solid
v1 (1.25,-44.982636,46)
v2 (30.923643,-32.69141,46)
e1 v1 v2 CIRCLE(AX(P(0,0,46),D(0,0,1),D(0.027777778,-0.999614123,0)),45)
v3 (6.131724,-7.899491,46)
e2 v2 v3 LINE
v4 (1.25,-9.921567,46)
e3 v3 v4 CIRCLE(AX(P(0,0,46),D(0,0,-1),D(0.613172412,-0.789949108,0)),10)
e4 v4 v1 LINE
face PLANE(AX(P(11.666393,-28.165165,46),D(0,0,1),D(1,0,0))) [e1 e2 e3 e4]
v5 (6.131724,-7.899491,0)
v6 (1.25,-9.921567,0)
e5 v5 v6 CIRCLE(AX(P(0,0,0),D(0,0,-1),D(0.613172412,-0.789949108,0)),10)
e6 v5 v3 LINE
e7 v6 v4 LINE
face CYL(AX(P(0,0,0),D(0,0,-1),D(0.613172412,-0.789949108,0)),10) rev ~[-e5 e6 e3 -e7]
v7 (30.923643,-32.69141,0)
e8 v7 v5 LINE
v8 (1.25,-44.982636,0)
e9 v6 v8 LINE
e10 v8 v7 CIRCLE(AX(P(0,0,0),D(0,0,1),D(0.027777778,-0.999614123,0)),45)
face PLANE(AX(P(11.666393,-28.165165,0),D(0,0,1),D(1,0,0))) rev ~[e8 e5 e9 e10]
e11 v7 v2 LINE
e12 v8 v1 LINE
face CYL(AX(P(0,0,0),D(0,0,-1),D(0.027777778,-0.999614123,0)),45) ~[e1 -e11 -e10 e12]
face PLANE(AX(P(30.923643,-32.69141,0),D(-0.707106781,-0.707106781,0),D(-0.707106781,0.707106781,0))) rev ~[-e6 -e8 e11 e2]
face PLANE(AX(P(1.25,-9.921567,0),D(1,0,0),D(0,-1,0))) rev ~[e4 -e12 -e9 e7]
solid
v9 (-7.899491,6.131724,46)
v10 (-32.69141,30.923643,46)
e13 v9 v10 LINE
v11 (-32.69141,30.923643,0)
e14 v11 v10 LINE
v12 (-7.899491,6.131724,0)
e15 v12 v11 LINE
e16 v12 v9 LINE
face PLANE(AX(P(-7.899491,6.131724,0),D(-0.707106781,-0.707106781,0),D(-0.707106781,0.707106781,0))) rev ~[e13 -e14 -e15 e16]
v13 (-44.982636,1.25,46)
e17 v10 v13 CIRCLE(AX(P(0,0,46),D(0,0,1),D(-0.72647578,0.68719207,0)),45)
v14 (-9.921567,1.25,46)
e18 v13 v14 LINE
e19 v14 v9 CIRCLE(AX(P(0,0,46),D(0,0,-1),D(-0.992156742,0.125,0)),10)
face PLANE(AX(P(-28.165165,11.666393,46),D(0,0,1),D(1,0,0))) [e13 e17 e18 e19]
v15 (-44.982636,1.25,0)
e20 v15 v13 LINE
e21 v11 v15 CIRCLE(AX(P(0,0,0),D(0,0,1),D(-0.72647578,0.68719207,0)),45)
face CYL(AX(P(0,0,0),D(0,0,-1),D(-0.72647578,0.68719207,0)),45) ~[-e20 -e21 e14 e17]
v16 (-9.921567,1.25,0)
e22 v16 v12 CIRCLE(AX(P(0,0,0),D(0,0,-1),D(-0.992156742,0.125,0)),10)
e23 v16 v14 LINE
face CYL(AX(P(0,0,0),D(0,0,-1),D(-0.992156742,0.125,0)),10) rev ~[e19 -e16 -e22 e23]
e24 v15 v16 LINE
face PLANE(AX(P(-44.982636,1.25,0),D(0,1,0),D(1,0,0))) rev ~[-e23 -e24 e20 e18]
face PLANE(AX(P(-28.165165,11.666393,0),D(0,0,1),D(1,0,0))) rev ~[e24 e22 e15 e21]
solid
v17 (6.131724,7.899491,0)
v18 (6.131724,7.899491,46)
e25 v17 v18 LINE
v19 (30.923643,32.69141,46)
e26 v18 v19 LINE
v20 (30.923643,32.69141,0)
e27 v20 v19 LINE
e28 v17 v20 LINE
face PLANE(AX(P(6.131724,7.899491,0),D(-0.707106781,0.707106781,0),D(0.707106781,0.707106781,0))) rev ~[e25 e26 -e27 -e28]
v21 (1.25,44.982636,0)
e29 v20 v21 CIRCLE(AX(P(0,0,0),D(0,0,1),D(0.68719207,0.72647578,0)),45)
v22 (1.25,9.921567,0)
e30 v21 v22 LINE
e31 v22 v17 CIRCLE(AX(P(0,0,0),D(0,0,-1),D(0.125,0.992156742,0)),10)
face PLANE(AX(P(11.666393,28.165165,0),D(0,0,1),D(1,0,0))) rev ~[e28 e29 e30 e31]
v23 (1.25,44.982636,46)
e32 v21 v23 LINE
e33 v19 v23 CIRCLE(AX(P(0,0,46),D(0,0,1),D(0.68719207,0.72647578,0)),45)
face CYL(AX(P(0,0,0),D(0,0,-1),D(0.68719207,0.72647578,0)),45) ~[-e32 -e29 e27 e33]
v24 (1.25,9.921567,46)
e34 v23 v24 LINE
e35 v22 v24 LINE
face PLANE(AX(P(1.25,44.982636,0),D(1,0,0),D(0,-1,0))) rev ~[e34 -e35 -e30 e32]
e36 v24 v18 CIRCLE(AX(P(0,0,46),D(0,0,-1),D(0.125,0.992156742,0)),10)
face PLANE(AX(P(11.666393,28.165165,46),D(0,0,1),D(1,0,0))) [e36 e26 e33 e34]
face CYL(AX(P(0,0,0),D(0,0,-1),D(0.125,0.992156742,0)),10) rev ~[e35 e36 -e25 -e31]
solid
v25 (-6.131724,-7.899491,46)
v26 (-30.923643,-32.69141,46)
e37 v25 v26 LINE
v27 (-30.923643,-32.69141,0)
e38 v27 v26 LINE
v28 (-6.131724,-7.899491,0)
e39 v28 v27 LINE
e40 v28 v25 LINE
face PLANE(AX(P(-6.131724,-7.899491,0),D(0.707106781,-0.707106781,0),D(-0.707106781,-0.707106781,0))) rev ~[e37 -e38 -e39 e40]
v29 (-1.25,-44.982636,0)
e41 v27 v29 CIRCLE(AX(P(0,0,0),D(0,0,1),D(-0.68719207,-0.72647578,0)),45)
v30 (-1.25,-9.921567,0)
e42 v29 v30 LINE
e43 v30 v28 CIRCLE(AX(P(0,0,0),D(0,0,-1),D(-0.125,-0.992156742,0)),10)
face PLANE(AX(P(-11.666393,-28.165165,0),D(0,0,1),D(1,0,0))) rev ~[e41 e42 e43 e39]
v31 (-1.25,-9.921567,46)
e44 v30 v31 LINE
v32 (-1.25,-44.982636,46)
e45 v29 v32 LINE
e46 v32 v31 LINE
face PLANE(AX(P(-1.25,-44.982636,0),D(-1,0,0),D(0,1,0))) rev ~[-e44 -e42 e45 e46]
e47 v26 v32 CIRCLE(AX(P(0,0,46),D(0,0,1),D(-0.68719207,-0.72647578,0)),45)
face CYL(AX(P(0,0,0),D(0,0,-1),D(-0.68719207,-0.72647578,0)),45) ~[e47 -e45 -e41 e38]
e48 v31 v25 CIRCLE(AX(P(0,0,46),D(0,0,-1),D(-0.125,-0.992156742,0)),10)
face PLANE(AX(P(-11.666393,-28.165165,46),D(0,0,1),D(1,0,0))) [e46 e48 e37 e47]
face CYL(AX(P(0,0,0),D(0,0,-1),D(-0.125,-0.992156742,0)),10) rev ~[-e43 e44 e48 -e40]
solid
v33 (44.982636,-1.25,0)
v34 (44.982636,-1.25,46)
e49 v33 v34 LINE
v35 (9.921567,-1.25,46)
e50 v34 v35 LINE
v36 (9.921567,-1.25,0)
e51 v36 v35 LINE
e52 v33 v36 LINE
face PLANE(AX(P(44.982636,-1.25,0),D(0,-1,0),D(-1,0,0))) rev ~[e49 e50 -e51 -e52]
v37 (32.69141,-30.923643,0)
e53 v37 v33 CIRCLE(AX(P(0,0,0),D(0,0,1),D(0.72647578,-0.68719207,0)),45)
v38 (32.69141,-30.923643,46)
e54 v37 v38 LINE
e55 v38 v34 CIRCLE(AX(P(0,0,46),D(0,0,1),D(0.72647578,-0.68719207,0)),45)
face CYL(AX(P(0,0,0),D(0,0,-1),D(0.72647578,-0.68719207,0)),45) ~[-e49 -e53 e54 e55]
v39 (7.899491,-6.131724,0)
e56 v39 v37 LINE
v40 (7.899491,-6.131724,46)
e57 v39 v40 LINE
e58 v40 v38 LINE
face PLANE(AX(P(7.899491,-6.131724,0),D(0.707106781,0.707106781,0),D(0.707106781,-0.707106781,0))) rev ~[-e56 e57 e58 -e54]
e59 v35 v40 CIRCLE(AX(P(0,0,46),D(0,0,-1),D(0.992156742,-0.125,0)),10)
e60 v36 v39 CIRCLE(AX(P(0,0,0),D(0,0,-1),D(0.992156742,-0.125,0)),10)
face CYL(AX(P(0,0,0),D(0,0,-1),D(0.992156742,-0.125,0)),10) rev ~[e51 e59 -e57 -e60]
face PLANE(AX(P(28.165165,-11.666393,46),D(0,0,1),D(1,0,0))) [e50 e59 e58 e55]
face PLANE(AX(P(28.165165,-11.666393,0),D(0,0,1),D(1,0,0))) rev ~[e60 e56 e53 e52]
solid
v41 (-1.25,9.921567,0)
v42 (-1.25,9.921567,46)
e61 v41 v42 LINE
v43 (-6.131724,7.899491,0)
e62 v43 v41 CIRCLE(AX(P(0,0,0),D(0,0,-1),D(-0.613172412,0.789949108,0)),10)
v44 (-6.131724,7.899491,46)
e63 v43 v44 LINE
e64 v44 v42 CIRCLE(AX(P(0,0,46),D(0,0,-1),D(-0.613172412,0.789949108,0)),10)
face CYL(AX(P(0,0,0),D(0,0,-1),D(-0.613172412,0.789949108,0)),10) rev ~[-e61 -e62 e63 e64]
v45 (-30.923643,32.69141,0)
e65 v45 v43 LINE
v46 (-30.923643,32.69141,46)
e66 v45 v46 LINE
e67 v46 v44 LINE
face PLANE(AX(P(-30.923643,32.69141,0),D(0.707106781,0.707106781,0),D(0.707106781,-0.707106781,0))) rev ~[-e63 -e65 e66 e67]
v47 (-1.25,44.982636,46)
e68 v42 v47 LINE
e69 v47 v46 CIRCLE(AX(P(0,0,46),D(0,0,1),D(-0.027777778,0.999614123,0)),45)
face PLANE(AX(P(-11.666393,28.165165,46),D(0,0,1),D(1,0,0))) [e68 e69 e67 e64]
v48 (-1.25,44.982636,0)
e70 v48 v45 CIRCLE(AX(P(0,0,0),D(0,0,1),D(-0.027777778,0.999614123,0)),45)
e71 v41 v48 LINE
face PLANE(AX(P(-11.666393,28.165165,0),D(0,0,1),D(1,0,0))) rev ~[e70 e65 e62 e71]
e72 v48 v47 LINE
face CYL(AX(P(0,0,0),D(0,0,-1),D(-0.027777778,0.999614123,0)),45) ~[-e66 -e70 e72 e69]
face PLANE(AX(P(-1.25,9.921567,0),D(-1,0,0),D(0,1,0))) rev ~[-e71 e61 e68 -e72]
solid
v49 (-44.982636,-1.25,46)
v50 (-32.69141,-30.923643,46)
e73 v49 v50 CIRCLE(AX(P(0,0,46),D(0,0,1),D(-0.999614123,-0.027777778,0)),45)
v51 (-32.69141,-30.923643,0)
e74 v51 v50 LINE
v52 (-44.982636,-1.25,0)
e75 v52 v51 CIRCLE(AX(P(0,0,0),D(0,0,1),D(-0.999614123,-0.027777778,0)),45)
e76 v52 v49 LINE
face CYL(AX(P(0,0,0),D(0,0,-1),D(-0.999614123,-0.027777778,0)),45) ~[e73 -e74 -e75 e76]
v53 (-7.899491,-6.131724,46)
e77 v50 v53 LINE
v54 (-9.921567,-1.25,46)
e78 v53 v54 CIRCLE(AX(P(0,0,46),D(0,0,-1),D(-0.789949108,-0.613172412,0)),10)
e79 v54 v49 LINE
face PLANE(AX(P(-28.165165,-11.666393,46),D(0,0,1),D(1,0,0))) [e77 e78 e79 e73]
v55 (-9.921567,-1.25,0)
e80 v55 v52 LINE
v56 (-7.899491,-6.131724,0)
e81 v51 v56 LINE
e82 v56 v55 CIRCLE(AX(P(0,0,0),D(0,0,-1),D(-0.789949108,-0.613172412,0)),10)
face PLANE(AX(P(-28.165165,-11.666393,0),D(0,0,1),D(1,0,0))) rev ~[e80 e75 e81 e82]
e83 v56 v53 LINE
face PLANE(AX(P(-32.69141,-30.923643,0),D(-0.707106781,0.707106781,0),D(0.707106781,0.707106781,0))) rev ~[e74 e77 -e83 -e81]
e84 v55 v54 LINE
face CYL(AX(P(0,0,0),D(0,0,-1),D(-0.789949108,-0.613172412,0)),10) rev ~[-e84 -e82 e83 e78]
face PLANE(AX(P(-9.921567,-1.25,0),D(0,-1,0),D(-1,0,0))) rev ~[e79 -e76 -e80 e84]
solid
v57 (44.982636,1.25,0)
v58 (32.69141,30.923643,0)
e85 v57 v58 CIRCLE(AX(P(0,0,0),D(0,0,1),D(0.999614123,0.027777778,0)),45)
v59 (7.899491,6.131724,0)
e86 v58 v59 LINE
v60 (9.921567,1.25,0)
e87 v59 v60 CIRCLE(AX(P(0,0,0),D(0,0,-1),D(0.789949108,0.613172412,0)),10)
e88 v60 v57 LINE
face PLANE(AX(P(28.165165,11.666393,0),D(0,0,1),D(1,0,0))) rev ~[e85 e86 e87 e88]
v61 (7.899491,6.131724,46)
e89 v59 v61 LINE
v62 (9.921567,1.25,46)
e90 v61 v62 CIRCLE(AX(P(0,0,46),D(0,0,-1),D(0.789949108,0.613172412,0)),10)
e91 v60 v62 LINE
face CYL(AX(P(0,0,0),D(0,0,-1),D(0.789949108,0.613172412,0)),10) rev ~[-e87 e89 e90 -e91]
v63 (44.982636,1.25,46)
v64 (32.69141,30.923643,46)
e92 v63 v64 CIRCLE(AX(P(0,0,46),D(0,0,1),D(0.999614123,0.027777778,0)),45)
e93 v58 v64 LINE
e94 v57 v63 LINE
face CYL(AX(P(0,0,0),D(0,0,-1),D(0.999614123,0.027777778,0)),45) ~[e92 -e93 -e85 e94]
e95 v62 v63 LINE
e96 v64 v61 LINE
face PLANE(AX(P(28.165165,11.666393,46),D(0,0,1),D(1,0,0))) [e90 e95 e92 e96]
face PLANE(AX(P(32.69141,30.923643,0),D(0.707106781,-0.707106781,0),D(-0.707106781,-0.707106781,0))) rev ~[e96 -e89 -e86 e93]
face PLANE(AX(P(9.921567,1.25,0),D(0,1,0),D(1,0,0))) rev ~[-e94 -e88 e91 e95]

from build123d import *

# Parameters (mm, degrees)
F1_DEPTH = 46


with BuildPart() as f1:
    # F0 (on Top) → F1 (new body)
    with BuildSketch(Plane.XY):
        with BuildLine():
            Line((-1.25, 9.9215674165), (-1.25, 44.9826355386))
            ThreePointArc((-1.25, 44.9826355386), (-17.2207544564, 41.574578963), (-30.9236431485, 32.6914101015))
            Line((-30.9236431485, 32.6914101015), (-6.1317241237, 7.8994910767))
            ThreePointArc((-6.1317241237, 7.8994910767), (-3.8268343237, 9.2387953251), (-1.25, 9.9215674165))
        make_face()
    extrude(amount=F1_DEPTH)


with BuildPart() as f1b:
    # F0 (on Top) → F1, piece 2 (new body)
    with BuildSketch(Plane.XY):
        with BuildLine():
            Line((-7.8994910767, 6.1317241237), (-32.6914101015, 30.9236431485))
            ThreePointArc((-32.6914101015, 30.9236431485), (-41.574578963, 17.2207544564), (-44.9826355386, 1.25))
            Line((-44.9826355386, 1.25), (-9.9215674165, 1.25))
            ThreePointArc((-9.9215674165, 1.25), (-9.2387953251, 3.8268343237), (-7.8994910767, 6.1317241237))
        make_face()
    extrude(amount=F1_DEPTH)


with BuildPart() as f1c:
    # F0 (on Top) → F1, piece 3 (new body)
    with BuildSketch(Plane.XY):
        with BuildLine():
            ThreePointArc((-44.9826355386, -1.25), (-41.574578963, -17.2207544564), (-32.6914101015, -30.9236431485))
            Line((-32.6914101015, -30.9236431485), (-7.8994910767, -6.1317241237))
            ThreePointArc((-7.8994910767, -6.1317241237), (-9.2387953251, -3.8268343237), (-9.9215674165, -1.25))
            Line((-9.9215674165, -1.25), (-44.9826355386, -1.25))
        make_face()
    extrude(amount=F1_DEPTH)


with BuildPart() as f1d:
    # F0 (on Top) → F1, piece 4 (new body)
    with BuildSketch(Plane.XY):
        with BuildLine():
            ThreePointArc((-30.9236431485, -32.6914101015), (-17.2207544564, -41.574578963), (-1.25, -44.9826355386))
            Line((-1.25, -44.9826355386), (-1.25, -9.9215674165))
            ThreePointArc((-1.25, -9.9215674165), (-3.8268343237, -9.2387953251), (-6.1317241237, -7.8994910767))
            Line((-6.1317241237, -7.8994910767), (-30.9236431485, -32.6914101015))
        make_face()
    extrude(amount=F1_DEPTH)


with BuildPart() as f1e:
    # F0 (on Top) → F1, piece 5 (new body)
    with BuildSketch(Plane.XY):
        with BuildLine():
            ThreePointArc((1.25, -44.9826355386), (17.2207544564, -41.574578963), (30.9236431485, -32.6914101015))
            Line((30.9236431485, -32.6914101015), (6.1317241237, -7.8994910767))
            ThreePointArc((6.1317241237, -7.8994910767), (3.8268343237, -9.2387953251), (1.25, -9.9215674165))
            Line((1.25, -9.9215674165), (1.25, -44.9826355386))
        make_face()
    extrude(amount=F1_DEPTH)


with BuildPart() as f1f:
    # F0 (on Top) → F1, piece 6 (new body)
    with BuildSketch(Plane.XY):
        with BuildLine():
            ThreePointArc((32.6914101015, -30.9236431485), (41.574578963, -17.2207544564), (44.9826355386, -1.25))
            Line((44.9826355386, -1.25), (9.9215674165, -1.25))
            ThreePointArc((9.9215674165, -1.25), (9.2387953251, -3.8268343237), (7.8994910767, -6.1317241237))
            Line((7.8994910767, -6.1317241237), (32.6914101015, -30.9236431485))
        make_face()
    extrude(amount=F1_DEPTH)


with BuildPart() as f1g:
    # F0 (on Top) → F1, piece 7 (new body)
    with BuildSketch(Plane.XY):
        with BuildLine():
            Line((9.9215674165, 1.25), (44.9826355386, 1.25))
            ThreePointArc((44.9826355386, 1.25), (41.574578963, 17.2207544564), (32.6914101015, 30.9236431485))
            Line((32.6914101015, 30.9236431485), (7.8994910767, 6.1317241237))
            ThreePointArc((7.8994910767, 6.1317241237), (9.2387953251, 3.8268343237), (9.9215674165, 1.25))
        make_face()
    extrude(amount=F1_DEPTH)


with BuildPart() as f1h:
    # F0 (on Top) → F1, piece 8 (new body)
    with BuildSketch(Plane.XY):
        with BuildLine():
            Line((6.1317241237, 7.8994910767), (30.9236431485, 32.6914101015))
            ThreePointArc((30.9236431485, 32.6914101015), (17.2207544564, 41.574578963), (1.25, 44.9826355386))
            Line((1.25, 44.9826355386), (1.25, 9.9215674165))
            ThreePointArc((1.25, 9.9215674165), (3.8268343237, 9.2387953251), (6.1317241237, 7.8994910767))
        make_face()
    extrude(amount=F1_DEPTH)


solid = Compound([f1.part, f1b.part, f1c.part, f1d.part, f1e.part, f1f.part, f1g.part, f1h.part])
